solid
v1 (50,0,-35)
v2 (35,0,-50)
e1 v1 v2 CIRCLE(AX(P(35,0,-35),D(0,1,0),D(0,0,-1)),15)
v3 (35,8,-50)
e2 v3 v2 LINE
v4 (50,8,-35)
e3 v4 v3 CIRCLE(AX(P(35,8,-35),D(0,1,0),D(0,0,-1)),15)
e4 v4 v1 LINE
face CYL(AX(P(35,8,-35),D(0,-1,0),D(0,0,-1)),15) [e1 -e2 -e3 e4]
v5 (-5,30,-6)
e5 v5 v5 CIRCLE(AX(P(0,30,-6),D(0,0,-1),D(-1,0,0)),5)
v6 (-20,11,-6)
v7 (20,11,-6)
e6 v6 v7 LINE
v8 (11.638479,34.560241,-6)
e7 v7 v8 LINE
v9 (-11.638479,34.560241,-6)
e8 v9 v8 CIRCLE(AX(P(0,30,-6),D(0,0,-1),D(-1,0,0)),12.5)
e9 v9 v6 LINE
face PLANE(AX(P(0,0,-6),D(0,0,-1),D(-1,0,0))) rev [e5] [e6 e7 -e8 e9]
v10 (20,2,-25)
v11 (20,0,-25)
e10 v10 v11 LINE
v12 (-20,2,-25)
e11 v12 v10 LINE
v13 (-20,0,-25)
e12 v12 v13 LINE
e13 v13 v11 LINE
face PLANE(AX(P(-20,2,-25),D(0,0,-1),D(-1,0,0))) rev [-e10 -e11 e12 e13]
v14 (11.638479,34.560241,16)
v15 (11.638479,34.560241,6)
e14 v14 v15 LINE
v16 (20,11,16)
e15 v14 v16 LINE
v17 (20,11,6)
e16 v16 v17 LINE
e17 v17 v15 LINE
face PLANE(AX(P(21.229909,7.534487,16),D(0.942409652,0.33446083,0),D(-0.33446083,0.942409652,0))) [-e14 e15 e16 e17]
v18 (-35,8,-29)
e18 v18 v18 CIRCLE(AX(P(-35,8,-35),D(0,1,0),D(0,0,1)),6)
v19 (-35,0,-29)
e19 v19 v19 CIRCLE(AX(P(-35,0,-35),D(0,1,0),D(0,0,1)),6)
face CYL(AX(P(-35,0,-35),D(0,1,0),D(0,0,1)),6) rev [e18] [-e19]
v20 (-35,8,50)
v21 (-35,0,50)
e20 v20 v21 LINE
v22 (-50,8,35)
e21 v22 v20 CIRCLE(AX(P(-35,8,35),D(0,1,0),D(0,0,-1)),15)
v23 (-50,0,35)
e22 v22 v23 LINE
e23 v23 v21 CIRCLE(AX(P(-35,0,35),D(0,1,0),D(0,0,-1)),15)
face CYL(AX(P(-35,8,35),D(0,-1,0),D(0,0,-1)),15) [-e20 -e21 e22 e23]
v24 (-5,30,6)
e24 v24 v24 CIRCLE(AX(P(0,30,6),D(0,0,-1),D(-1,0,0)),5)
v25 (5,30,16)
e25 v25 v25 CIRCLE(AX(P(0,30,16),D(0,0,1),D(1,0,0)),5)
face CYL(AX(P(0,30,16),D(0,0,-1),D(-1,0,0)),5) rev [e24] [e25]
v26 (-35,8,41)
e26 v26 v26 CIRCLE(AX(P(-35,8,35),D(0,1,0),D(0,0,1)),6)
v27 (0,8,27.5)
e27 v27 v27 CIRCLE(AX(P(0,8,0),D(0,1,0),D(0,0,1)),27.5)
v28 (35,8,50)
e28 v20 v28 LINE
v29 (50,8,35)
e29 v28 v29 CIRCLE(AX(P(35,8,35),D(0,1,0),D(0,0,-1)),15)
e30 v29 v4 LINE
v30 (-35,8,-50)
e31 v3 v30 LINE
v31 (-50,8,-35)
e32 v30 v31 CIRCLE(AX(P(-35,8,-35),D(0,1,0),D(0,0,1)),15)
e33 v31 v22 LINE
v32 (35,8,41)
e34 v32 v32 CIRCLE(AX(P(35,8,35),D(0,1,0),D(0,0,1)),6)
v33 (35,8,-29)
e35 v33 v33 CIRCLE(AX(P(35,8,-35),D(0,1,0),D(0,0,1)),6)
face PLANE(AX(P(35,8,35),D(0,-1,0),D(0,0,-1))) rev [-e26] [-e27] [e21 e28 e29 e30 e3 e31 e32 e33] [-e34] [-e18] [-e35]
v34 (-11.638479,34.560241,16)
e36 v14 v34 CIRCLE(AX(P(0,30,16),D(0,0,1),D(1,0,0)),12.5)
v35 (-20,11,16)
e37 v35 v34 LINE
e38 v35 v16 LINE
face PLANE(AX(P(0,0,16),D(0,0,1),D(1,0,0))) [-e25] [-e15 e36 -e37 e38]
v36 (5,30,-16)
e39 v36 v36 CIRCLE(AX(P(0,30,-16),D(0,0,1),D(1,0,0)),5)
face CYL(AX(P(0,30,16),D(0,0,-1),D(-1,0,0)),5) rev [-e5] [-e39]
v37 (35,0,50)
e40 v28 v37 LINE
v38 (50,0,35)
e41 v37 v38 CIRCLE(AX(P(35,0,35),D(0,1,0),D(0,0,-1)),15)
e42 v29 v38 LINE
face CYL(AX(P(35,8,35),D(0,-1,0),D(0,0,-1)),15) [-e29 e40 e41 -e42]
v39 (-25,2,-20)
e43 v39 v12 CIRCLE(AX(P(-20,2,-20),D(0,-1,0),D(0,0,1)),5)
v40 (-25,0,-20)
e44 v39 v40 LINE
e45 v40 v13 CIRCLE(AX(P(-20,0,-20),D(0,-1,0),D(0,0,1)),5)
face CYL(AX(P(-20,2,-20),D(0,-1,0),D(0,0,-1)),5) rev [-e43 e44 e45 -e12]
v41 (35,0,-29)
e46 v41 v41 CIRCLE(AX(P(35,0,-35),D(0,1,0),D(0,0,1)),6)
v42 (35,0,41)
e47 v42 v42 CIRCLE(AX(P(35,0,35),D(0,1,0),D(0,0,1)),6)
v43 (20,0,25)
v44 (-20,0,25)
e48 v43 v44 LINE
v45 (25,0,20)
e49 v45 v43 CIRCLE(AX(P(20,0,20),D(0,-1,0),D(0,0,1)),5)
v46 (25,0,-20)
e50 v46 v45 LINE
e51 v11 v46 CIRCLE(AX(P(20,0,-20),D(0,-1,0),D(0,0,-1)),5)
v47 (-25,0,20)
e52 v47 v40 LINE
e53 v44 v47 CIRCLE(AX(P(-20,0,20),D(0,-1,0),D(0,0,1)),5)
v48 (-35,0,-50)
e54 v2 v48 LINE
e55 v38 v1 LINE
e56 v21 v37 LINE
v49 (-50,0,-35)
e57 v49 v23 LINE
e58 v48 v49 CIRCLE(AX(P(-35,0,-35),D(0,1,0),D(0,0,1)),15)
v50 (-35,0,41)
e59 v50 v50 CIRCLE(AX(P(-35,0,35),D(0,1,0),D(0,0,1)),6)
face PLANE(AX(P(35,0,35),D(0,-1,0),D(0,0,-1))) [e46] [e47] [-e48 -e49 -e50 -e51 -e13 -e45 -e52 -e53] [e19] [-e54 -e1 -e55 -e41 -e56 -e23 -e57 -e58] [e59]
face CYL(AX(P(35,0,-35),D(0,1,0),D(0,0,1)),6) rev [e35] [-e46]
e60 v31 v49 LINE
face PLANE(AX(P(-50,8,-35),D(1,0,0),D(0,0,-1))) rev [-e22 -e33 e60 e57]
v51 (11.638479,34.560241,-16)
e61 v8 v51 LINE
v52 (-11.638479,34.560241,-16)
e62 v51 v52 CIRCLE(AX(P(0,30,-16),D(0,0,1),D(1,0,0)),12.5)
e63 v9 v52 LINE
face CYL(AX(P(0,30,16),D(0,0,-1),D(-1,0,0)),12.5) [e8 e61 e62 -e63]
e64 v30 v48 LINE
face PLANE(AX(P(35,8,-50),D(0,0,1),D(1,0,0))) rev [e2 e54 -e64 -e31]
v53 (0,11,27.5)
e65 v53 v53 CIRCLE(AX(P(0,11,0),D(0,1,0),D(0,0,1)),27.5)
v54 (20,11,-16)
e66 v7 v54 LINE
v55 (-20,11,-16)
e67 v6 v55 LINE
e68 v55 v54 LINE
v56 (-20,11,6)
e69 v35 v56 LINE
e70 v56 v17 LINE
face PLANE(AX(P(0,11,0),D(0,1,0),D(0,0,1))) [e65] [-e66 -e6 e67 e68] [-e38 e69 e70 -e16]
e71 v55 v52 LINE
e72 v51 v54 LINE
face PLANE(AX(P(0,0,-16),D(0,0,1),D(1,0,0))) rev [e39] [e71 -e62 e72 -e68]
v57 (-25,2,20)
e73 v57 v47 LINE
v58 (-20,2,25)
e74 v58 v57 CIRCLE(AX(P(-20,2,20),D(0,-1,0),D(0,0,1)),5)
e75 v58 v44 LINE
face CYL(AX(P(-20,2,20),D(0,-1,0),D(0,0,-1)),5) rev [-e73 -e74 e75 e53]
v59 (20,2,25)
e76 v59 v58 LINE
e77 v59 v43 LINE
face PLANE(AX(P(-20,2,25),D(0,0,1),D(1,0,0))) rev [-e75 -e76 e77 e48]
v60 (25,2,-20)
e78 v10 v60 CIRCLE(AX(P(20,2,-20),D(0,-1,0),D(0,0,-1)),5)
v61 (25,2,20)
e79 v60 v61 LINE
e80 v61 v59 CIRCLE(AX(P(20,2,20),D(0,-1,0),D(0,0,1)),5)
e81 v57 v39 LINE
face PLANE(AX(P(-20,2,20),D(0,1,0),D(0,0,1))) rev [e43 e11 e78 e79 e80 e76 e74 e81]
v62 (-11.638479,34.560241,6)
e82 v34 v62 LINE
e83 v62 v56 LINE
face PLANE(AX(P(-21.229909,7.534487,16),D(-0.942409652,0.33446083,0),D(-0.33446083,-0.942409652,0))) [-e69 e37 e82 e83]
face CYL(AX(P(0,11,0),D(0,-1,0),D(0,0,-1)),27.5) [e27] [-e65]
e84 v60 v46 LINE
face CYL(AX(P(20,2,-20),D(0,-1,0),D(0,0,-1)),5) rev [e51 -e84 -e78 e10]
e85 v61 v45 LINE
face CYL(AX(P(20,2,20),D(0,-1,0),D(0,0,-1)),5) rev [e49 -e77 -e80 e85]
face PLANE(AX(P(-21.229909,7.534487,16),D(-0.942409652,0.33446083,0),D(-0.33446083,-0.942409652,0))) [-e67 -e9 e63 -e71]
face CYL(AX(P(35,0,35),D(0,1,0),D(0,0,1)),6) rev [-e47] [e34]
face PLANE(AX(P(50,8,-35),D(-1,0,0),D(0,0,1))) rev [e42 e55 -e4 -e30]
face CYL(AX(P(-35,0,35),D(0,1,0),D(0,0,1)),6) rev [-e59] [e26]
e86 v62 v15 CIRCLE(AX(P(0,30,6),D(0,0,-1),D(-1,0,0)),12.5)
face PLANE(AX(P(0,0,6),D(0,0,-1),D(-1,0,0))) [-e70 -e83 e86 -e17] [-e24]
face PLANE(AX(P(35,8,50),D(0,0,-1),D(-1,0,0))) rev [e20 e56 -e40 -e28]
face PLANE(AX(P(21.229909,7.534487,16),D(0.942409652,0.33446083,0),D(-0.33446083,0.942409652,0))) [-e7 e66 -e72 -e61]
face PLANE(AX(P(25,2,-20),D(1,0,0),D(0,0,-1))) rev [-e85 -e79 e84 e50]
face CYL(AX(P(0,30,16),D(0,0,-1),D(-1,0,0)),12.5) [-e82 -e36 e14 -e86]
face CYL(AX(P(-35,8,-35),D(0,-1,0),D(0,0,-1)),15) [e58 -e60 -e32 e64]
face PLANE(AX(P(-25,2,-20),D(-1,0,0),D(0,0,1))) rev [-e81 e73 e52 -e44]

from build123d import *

# Parameters (mm, degrees)
EXTRUDE_3_DEPTH             = 8
SKETCH_4_R                  = 27.5
EXTRUDE_4_DEPTH             = 3
SKETCH_6_R                  = 6
CUT_EXTRUDE_1_DEPTH         = 72.161787499
PATTERN_LINEAR_1_COUNT      = 2
PATTERN_LINEAR_1_PITCH      = 70
PATTERN_LINEAR_1_COUNT_DIR2 = 2
PATTERN_LINEAR_1_PITCH_DIR2 = 70
CUT_EXTRUDE_2_DEPTH         = 2
SKETCH_13_R                 = 5
EXTRUDE_6_DEPTH             = 16
SKETCH_14_W                 = 40
SKETCH_14_H                 = 35
CUT_EXTRUDE_3_DEPTH         = 6


with BuildPart() as part:
    # 草圖3 → 填料-伸長3 (new body)
    with BuildSketch(Plane(origin=(0, 0, 0), x_dir=(1, 0, 0), z_dir=(0, 1, 0))):
        with BuildLine():
            Line((35, 50), (-35, 50))
            ThreePointArc((-35, 50), (-45.606601718, 45.606601718), (-50, 35))
            Line((-50, 35), (-50, -35))
            ThreePointArc((-50, -35), (-45.606601718, -45.606601718), (-35, -50))
            Line((-35, -50), (35, -50))
            ThreePointArc((35, -50), (45.606601718, -45.606601718), (50, -35))
            Line((50, -35), (50, 35))
            ThreePointArc((50, 35), (45.606601718, 45.606601718), (35, 50))
        make_face()
    extrude(amount=EXTRUDE_3_DEPTH)

    # 草圖4 → 填料-伸長4 (add)
    with BuildSketch(Plane(origin=(0, 8, 0), x_dir=(1, 0, 0), z_dir=(0, 1, 0))):
        with Locations(Location((0, 0, 0), (0, 0, 270))):
            Circle(SKETCH_4_R)
    extrude(amount=EXTRUDE_4_DEPTH)

    # 草圖6 → 除料-伸長1 (cut, through all)
    with BuildSketch(Plane(origin=(0, 8, 0), x_dir=(1, 0, 0), z_dir=(0, 1, 0))):
        with Locations(Location((-35, 35, 0), (0, 0, 270))):
            Circle(SKETCH_6_R)
    cut_extrude_1 = extrude(amount=-CUT_EXTRUDE_1_DEPTH, mode=Mode.SUBTRACT)

    # 直線複製排列1: Cut-Extrude 1 2 × 2
    with Locations(*[(i * PATTERN_LINEAR_1_PITCH, 0, j * PATTERN_LINEAR_1_PITCH_DIR2) for i in range(PATTERN_LINEAR_1_COUNT) for j in range(PATTERN_LINEAR_1_COUNT_DIR2) if (i, j) != (0, 0)]):
        add(cut_extrude_1, mode=Mode.SUBTRACT)

    # 草圖9 → 除料-伸長2 (cut)
    with BuildSketch(Plane.XZ):
        with BuildLine():
            Line((-20, -25), (20, -25))
            ThreePointArc((20, -25), (23.535533906, -23.535533906), (25, -20))
            Line((25, -20), (25, 20))
            ThreePointArc((25, 20), (23.535533906, 23.535533906), (20, 25))
            Line((20, 25), (-20, 25))
            ThreePointArc((-20, 25), (-23.535533906, 23.535533906), (-25, 20))
            Line((-25, 20), (-25, -20))
            ThreePointArc((-25, -20), (-23.535533906, -23.535533906), (-20, -25))
        make_face()
    extrude(amount=-CUT_EXTRUDE_2_DEPTH, mode=Mode.SUBTRACT)

    # 草圖13 → 填料-伸長6 (add, symmetric)
    with BuildSketch(Plane.XY):
        with BuildLine():
            Line((-20, 11), (20, 11))
            Line((20, 11), (11.638479247, 34.560241312))
            ThreePointArc((11.638479247, 34.560241312), (0, 42.5), (-11.638479247, 34.560241312))
            Line((-11.638479247, 34.560241312), (-20, 11))
        make_face()
        with Locations((0, 30)):
            Circle(SKETCH_13_R, mode=Mode.SUBTRACT)
    extrude(amount=EXTRUDE_6_DEPTH, both=True)

    # 草圖14 → 除料-伸長3 (cut, symmetric)
    with BuildSketch(Plane.XY):
        with Locations((0, 28.5)):
            Rectangle(SKETCH_14_W, SKETCH_14_H)
    extrude(amount=CUT_EXTRUDE_3_DEPTH, both=True, mode=Mode.SUBTRACT)


solid = part.part
